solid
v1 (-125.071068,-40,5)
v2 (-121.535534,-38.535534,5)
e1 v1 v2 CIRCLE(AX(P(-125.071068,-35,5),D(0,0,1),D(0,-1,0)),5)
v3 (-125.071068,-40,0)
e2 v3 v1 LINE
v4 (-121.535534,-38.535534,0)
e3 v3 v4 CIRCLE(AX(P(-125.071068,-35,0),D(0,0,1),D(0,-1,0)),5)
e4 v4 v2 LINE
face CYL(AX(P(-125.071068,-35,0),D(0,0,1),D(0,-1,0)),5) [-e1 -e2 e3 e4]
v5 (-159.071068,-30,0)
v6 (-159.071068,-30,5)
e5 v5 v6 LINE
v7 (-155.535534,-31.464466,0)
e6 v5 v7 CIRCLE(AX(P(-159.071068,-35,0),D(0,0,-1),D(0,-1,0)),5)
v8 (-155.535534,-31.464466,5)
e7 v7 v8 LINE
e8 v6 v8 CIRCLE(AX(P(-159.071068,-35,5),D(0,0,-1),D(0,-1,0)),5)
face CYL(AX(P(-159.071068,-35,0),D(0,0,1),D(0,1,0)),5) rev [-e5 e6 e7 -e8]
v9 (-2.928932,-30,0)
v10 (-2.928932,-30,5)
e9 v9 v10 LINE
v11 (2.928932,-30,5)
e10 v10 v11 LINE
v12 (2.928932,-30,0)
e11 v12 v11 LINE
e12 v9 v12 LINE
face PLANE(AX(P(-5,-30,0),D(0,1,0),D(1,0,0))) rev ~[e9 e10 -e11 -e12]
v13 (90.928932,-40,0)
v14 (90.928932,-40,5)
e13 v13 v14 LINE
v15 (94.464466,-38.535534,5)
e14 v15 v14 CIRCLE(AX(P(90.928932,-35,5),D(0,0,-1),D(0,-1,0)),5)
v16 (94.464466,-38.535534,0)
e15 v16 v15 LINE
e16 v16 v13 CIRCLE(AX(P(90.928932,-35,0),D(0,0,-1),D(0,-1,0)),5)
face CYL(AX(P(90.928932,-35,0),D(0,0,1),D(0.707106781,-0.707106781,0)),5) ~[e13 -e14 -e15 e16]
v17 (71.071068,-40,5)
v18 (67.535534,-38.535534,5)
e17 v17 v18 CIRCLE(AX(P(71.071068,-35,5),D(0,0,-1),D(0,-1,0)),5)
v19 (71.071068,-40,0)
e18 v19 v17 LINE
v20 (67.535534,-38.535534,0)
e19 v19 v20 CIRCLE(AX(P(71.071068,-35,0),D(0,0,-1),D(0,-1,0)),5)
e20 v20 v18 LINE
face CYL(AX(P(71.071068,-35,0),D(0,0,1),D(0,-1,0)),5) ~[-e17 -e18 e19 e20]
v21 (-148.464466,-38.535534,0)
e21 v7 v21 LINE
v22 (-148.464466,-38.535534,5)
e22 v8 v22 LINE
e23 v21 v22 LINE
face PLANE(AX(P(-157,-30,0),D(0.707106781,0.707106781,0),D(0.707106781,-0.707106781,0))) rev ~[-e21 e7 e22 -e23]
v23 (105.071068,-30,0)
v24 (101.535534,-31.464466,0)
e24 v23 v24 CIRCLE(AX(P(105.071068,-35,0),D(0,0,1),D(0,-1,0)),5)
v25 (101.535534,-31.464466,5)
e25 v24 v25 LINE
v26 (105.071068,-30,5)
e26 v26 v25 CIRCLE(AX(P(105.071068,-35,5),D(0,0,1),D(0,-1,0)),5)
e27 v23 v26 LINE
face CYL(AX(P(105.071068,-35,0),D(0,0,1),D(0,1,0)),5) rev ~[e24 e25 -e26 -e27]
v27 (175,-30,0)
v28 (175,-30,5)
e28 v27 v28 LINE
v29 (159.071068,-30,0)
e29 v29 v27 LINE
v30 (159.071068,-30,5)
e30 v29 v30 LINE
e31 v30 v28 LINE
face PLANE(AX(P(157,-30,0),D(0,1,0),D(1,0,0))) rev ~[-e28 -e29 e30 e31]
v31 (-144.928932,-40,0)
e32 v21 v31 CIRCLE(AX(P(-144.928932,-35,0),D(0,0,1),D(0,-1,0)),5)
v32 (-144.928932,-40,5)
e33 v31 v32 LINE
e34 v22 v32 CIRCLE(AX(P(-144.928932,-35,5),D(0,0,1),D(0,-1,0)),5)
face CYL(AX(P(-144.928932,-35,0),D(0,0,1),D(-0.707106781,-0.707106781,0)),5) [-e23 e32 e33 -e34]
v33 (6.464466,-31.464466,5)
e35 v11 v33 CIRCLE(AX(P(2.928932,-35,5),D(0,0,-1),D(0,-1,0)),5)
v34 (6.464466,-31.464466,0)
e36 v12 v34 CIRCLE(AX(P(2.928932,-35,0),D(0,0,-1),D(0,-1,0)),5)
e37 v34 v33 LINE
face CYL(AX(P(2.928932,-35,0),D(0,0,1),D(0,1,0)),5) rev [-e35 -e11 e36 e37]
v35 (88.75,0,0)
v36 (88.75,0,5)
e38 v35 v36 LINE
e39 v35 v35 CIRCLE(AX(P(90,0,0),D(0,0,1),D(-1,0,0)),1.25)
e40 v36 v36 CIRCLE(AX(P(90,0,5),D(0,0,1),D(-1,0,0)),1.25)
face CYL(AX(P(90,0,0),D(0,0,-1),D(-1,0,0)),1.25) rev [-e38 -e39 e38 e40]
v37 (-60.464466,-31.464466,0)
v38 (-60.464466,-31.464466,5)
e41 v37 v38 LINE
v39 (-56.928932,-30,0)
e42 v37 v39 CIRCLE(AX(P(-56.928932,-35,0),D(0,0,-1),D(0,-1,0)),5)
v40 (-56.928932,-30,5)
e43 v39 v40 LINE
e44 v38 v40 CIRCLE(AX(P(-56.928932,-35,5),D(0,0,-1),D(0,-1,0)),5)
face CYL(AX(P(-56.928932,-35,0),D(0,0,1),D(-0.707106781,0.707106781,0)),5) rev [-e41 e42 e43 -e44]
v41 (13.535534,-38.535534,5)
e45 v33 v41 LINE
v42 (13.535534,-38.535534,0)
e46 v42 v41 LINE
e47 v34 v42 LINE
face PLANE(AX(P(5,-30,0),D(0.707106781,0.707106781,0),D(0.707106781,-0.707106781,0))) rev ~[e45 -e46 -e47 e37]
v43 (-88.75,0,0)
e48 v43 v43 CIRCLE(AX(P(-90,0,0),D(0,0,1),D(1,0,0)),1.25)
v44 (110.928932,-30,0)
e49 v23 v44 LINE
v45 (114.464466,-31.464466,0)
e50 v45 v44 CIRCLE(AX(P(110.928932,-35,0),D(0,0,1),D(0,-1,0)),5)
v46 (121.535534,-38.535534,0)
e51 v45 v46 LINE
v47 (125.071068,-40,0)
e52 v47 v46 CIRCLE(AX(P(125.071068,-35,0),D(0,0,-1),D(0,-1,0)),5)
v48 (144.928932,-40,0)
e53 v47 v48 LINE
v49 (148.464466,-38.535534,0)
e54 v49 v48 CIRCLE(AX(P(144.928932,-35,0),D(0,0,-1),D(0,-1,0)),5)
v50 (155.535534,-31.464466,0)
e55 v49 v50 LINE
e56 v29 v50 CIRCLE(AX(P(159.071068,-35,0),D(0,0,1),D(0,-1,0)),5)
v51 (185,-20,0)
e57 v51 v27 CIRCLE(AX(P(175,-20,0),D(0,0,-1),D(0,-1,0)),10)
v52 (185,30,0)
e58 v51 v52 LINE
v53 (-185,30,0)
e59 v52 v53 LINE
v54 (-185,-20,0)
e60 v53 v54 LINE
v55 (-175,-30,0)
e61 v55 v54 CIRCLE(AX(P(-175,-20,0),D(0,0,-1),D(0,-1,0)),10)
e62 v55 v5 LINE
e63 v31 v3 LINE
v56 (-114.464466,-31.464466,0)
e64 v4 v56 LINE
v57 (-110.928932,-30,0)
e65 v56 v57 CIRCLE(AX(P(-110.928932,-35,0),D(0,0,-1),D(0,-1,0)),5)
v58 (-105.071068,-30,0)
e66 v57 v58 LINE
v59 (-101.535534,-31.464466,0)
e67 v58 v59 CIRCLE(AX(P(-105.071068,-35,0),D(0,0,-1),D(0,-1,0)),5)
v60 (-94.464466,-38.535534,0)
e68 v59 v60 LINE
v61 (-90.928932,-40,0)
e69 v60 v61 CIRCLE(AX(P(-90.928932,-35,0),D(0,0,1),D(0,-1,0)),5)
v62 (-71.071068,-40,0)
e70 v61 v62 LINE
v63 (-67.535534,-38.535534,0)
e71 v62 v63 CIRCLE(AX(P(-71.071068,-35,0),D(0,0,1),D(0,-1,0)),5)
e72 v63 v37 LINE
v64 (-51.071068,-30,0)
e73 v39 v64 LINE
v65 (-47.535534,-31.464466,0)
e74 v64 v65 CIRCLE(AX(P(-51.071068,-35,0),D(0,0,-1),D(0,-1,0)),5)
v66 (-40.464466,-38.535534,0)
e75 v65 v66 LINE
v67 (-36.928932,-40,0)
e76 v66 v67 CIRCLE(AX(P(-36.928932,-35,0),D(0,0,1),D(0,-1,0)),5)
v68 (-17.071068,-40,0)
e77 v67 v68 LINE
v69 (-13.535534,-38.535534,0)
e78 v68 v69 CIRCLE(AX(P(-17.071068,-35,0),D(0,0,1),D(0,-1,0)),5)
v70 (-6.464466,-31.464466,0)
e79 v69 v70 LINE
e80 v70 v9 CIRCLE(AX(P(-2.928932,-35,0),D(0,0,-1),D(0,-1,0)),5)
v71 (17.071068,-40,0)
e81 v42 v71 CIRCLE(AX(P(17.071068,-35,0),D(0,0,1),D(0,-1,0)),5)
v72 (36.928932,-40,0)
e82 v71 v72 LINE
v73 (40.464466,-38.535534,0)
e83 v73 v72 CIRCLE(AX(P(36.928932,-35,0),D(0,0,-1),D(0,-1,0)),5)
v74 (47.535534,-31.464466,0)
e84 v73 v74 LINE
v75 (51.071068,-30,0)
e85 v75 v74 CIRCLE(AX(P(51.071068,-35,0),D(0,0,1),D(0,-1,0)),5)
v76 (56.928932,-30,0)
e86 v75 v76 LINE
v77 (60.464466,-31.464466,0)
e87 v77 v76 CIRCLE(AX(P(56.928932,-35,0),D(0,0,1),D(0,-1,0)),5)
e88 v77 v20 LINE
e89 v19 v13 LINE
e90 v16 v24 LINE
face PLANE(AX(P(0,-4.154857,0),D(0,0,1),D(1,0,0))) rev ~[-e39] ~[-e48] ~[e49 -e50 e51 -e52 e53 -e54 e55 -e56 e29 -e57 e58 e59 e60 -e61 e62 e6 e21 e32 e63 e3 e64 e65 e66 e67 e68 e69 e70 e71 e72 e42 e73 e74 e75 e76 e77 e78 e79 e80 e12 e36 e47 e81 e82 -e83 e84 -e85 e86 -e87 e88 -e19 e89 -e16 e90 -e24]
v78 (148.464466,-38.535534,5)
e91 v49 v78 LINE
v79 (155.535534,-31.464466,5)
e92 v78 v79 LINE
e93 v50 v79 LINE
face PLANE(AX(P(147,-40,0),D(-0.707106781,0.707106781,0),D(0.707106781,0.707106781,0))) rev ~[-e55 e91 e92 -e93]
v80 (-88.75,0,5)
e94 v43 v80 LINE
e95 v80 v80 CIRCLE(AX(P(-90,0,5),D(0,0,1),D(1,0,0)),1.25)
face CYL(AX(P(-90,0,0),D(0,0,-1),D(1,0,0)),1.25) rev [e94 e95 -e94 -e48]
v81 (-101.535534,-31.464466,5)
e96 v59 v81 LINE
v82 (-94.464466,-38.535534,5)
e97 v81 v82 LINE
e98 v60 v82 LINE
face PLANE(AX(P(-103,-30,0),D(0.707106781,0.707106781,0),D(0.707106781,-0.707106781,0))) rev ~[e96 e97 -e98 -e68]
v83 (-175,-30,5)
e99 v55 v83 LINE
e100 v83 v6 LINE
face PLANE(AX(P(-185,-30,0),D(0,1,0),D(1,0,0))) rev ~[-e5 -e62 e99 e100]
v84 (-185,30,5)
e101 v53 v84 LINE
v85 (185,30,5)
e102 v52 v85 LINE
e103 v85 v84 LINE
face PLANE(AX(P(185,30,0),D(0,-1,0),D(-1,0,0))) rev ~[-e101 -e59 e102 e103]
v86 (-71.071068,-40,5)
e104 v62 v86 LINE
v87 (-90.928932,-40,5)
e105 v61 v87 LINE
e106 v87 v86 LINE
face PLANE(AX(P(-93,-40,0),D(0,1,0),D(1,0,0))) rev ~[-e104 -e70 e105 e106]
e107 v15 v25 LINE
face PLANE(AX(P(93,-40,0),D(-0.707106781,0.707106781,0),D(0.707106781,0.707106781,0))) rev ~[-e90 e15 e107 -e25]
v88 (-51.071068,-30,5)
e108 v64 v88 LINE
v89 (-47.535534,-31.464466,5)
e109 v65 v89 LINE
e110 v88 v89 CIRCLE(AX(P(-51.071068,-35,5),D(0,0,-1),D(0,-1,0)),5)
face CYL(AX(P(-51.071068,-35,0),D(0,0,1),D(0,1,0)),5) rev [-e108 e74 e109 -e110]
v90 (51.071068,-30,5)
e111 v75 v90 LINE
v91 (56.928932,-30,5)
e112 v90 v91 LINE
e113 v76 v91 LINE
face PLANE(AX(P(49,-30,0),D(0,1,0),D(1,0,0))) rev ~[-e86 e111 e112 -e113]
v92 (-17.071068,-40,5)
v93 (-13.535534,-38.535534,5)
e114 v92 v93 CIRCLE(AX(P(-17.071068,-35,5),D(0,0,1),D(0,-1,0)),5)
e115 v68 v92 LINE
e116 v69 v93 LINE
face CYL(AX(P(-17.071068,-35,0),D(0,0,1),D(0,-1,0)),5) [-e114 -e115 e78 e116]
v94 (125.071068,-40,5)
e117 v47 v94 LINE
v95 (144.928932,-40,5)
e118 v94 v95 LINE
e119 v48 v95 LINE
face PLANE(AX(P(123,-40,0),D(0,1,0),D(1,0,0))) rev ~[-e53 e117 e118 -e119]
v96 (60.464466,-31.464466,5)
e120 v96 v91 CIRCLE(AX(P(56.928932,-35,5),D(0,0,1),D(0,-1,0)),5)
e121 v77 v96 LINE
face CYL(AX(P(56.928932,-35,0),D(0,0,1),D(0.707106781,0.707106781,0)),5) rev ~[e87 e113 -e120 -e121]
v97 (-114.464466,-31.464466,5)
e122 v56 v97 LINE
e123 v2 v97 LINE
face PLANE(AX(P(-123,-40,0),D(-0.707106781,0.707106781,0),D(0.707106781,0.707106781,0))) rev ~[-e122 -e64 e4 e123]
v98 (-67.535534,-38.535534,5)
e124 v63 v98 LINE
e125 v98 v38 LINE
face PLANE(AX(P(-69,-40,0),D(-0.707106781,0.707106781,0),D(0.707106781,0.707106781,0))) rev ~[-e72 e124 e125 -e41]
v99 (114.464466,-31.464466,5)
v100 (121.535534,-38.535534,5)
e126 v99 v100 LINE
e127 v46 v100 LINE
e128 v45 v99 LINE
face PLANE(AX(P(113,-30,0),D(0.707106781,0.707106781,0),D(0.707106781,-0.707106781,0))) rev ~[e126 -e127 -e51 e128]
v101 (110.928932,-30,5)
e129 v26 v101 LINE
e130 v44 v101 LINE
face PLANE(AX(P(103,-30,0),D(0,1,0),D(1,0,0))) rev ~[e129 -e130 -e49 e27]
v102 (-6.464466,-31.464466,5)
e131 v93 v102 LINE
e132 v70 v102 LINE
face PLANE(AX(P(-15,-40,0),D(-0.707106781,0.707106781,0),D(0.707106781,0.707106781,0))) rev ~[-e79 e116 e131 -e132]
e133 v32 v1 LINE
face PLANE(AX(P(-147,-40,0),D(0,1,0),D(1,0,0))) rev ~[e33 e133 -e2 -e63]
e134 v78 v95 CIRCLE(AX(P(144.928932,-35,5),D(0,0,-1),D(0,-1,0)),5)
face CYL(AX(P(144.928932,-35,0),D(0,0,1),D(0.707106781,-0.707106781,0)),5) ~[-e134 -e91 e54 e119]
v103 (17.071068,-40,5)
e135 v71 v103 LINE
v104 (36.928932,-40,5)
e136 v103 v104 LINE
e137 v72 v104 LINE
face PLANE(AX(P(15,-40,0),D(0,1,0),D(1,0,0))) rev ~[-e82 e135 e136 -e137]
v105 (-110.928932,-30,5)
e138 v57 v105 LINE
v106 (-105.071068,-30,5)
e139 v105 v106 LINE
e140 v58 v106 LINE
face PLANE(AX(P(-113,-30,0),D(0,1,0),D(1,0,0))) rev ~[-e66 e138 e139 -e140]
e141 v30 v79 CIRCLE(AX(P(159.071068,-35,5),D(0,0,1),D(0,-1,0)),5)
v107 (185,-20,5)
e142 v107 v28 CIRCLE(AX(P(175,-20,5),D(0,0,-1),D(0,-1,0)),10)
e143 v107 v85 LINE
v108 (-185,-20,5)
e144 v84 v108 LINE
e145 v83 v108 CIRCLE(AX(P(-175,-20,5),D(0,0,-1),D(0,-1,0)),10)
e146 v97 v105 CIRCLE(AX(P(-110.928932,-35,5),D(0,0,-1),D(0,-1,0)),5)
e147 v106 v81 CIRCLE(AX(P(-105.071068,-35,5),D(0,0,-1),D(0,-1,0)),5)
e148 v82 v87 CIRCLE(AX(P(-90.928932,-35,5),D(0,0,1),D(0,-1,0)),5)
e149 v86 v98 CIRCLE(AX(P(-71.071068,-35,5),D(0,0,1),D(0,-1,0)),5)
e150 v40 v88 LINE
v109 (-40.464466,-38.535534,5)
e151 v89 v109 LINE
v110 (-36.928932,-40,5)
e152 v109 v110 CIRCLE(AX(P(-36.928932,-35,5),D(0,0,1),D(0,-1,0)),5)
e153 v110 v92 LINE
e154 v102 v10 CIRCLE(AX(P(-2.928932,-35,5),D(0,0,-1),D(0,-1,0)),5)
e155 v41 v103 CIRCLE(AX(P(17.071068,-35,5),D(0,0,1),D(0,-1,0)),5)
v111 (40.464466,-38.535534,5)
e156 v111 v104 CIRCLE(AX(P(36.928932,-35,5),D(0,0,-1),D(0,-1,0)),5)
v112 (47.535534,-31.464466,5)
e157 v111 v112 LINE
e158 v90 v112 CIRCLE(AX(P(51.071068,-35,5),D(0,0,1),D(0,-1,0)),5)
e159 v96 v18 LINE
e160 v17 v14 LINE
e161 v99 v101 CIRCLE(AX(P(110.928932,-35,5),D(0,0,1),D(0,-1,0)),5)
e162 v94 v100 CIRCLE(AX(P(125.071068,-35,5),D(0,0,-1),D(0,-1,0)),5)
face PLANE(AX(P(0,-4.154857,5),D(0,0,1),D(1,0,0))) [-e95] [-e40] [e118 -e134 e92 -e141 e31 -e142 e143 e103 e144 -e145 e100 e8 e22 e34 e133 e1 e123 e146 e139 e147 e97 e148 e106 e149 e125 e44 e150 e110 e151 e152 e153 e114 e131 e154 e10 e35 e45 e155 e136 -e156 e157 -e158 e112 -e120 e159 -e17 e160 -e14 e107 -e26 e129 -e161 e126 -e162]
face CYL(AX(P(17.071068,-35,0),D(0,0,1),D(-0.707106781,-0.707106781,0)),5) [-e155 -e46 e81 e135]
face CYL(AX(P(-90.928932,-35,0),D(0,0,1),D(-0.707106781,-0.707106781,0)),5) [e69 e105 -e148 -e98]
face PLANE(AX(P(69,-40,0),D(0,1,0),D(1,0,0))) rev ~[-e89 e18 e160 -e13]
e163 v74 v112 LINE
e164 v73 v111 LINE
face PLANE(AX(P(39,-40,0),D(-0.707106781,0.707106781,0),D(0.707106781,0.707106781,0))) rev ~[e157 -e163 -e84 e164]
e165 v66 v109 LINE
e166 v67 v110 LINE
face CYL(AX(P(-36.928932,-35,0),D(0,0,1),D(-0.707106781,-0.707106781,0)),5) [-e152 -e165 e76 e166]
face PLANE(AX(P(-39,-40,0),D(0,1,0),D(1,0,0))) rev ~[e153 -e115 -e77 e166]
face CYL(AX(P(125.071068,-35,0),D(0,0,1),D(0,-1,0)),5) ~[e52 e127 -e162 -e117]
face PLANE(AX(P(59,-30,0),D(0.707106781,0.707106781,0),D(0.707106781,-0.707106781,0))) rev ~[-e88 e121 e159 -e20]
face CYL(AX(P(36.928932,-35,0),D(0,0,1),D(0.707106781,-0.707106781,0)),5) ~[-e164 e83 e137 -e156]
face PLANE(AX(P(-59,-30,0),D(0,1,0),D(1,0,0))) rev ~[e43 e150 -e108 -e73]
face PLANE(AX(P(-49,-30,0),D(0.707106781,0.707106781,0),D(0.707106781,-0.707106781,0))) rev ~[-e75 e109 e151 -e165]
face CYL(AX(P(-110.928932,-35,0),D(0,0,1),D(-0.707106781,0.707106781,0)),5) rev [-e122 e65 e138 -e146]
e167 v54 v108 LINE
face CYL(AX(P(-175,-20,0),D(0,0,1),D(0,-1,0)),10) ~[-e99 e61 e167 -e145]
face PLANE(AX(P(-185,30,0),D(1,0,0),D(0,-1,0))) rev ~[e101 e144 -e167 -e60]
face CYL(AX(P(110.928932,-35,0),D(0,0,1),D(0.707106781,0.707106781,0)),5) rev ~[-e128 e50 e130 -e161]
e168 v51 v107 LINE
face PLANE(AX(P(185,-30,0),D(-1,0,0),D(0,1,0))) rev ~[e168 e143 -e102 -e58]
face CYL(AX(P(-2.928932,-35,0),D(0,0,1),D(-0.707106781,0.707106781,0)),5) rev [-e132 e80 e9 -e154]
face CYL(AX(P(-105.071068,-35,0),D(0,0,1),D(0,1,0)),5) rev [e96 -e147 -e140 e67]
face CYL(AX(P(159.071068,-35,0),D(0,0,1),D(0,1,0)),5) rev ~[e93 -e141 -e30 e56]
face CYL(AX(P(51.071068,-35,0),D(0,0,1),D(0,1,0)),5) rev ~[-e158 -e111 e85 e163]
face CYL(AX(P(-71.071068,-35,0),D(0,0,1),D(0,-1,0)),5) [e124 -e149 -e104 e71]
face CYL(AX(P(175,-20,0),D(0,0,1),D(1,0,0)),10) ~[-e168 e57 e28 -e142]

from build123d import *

# Parameters (mm, degrees)
SKETCH1_R           = 1.25
BOSS_EXTRUDE1_DEPTH = 5
FILLET1_R           = 5
FILLET2_R           = 10


with BuildPart() as part:
    # Sketch1 → Boss-Extrude1 (new body)
    with BuildSketch(Plane.XY):
        Polygon((-185, -30), (-157, -30), (-147, -40), (-123, -40), (-113, -30), (-103, -30), (-93, -40), (-69, -40), (-59, -30), (-49, -30), (-39, -40), (-15, -40), (-5, -30), (5, -30), (15, -40), (39, -40), (49, -30), (59, -30), (69, -40), (93, -40), (103, -30), (113, -30), (123, -40), (147, -40), (157, -30), (185, -30), (185, 30), (-185, 30), align=None)
        with Locations((-90, 0)):
            Circle(SKETCH1_R, mode=Mode.SUBTRACT)
        with Locations(Location((90, 0, 0), (0, 0, 180))):
            Circle(SKETCH1_R, mode=Mode.SUBTRACT)
    extrude(amount=BOSS_EXTRUDE1_DEPTH)

    # Fillet1
    fillet1_edges = [part.edges().sort_by_distance(p)[0] for p in [
        (157, -30, 2.5),
        (147, -40, 2.5),
        (123, -40, 2.5),
        (113, -30, 2.5),
        (103, -30, 2.5),
        (93, -40, 2.5),
        (69, -40, 2.5),
        (59, -30, 2.5),
        (49, -30, 2.5),
        (39, -40, 2.5),
        (15, -40, 2.5),
        (5, -30, 2.5),
        (-5, -30, 2.5),
        (-15, -40, 2.5),
        (-39, -40, 2.5),
        (-49, -30, 2.5),
        (-59, -30, 2.5),
        (-69, -40, 2.5),
        (-93, -40, 2.5),
        (-103, -30, 2.5),
        (-113, -30, 2.5),
        (-123, -40, 2.5),
        (-147, -40, 2.5),
        (-157, -30, 2.5),
    ]]
    fillet(fillet1_edges, radius=FILLET1_R)

    # Fillet2
    fillet2_edges = [part.edges().sort_by_distance(p)[0] for p in [
        (185, -30, 2.5),
        (-185, -30, 2.5),
    ]]
    fillet(fillet2_edges, radius=FILLET2_R)


solid = part.part
